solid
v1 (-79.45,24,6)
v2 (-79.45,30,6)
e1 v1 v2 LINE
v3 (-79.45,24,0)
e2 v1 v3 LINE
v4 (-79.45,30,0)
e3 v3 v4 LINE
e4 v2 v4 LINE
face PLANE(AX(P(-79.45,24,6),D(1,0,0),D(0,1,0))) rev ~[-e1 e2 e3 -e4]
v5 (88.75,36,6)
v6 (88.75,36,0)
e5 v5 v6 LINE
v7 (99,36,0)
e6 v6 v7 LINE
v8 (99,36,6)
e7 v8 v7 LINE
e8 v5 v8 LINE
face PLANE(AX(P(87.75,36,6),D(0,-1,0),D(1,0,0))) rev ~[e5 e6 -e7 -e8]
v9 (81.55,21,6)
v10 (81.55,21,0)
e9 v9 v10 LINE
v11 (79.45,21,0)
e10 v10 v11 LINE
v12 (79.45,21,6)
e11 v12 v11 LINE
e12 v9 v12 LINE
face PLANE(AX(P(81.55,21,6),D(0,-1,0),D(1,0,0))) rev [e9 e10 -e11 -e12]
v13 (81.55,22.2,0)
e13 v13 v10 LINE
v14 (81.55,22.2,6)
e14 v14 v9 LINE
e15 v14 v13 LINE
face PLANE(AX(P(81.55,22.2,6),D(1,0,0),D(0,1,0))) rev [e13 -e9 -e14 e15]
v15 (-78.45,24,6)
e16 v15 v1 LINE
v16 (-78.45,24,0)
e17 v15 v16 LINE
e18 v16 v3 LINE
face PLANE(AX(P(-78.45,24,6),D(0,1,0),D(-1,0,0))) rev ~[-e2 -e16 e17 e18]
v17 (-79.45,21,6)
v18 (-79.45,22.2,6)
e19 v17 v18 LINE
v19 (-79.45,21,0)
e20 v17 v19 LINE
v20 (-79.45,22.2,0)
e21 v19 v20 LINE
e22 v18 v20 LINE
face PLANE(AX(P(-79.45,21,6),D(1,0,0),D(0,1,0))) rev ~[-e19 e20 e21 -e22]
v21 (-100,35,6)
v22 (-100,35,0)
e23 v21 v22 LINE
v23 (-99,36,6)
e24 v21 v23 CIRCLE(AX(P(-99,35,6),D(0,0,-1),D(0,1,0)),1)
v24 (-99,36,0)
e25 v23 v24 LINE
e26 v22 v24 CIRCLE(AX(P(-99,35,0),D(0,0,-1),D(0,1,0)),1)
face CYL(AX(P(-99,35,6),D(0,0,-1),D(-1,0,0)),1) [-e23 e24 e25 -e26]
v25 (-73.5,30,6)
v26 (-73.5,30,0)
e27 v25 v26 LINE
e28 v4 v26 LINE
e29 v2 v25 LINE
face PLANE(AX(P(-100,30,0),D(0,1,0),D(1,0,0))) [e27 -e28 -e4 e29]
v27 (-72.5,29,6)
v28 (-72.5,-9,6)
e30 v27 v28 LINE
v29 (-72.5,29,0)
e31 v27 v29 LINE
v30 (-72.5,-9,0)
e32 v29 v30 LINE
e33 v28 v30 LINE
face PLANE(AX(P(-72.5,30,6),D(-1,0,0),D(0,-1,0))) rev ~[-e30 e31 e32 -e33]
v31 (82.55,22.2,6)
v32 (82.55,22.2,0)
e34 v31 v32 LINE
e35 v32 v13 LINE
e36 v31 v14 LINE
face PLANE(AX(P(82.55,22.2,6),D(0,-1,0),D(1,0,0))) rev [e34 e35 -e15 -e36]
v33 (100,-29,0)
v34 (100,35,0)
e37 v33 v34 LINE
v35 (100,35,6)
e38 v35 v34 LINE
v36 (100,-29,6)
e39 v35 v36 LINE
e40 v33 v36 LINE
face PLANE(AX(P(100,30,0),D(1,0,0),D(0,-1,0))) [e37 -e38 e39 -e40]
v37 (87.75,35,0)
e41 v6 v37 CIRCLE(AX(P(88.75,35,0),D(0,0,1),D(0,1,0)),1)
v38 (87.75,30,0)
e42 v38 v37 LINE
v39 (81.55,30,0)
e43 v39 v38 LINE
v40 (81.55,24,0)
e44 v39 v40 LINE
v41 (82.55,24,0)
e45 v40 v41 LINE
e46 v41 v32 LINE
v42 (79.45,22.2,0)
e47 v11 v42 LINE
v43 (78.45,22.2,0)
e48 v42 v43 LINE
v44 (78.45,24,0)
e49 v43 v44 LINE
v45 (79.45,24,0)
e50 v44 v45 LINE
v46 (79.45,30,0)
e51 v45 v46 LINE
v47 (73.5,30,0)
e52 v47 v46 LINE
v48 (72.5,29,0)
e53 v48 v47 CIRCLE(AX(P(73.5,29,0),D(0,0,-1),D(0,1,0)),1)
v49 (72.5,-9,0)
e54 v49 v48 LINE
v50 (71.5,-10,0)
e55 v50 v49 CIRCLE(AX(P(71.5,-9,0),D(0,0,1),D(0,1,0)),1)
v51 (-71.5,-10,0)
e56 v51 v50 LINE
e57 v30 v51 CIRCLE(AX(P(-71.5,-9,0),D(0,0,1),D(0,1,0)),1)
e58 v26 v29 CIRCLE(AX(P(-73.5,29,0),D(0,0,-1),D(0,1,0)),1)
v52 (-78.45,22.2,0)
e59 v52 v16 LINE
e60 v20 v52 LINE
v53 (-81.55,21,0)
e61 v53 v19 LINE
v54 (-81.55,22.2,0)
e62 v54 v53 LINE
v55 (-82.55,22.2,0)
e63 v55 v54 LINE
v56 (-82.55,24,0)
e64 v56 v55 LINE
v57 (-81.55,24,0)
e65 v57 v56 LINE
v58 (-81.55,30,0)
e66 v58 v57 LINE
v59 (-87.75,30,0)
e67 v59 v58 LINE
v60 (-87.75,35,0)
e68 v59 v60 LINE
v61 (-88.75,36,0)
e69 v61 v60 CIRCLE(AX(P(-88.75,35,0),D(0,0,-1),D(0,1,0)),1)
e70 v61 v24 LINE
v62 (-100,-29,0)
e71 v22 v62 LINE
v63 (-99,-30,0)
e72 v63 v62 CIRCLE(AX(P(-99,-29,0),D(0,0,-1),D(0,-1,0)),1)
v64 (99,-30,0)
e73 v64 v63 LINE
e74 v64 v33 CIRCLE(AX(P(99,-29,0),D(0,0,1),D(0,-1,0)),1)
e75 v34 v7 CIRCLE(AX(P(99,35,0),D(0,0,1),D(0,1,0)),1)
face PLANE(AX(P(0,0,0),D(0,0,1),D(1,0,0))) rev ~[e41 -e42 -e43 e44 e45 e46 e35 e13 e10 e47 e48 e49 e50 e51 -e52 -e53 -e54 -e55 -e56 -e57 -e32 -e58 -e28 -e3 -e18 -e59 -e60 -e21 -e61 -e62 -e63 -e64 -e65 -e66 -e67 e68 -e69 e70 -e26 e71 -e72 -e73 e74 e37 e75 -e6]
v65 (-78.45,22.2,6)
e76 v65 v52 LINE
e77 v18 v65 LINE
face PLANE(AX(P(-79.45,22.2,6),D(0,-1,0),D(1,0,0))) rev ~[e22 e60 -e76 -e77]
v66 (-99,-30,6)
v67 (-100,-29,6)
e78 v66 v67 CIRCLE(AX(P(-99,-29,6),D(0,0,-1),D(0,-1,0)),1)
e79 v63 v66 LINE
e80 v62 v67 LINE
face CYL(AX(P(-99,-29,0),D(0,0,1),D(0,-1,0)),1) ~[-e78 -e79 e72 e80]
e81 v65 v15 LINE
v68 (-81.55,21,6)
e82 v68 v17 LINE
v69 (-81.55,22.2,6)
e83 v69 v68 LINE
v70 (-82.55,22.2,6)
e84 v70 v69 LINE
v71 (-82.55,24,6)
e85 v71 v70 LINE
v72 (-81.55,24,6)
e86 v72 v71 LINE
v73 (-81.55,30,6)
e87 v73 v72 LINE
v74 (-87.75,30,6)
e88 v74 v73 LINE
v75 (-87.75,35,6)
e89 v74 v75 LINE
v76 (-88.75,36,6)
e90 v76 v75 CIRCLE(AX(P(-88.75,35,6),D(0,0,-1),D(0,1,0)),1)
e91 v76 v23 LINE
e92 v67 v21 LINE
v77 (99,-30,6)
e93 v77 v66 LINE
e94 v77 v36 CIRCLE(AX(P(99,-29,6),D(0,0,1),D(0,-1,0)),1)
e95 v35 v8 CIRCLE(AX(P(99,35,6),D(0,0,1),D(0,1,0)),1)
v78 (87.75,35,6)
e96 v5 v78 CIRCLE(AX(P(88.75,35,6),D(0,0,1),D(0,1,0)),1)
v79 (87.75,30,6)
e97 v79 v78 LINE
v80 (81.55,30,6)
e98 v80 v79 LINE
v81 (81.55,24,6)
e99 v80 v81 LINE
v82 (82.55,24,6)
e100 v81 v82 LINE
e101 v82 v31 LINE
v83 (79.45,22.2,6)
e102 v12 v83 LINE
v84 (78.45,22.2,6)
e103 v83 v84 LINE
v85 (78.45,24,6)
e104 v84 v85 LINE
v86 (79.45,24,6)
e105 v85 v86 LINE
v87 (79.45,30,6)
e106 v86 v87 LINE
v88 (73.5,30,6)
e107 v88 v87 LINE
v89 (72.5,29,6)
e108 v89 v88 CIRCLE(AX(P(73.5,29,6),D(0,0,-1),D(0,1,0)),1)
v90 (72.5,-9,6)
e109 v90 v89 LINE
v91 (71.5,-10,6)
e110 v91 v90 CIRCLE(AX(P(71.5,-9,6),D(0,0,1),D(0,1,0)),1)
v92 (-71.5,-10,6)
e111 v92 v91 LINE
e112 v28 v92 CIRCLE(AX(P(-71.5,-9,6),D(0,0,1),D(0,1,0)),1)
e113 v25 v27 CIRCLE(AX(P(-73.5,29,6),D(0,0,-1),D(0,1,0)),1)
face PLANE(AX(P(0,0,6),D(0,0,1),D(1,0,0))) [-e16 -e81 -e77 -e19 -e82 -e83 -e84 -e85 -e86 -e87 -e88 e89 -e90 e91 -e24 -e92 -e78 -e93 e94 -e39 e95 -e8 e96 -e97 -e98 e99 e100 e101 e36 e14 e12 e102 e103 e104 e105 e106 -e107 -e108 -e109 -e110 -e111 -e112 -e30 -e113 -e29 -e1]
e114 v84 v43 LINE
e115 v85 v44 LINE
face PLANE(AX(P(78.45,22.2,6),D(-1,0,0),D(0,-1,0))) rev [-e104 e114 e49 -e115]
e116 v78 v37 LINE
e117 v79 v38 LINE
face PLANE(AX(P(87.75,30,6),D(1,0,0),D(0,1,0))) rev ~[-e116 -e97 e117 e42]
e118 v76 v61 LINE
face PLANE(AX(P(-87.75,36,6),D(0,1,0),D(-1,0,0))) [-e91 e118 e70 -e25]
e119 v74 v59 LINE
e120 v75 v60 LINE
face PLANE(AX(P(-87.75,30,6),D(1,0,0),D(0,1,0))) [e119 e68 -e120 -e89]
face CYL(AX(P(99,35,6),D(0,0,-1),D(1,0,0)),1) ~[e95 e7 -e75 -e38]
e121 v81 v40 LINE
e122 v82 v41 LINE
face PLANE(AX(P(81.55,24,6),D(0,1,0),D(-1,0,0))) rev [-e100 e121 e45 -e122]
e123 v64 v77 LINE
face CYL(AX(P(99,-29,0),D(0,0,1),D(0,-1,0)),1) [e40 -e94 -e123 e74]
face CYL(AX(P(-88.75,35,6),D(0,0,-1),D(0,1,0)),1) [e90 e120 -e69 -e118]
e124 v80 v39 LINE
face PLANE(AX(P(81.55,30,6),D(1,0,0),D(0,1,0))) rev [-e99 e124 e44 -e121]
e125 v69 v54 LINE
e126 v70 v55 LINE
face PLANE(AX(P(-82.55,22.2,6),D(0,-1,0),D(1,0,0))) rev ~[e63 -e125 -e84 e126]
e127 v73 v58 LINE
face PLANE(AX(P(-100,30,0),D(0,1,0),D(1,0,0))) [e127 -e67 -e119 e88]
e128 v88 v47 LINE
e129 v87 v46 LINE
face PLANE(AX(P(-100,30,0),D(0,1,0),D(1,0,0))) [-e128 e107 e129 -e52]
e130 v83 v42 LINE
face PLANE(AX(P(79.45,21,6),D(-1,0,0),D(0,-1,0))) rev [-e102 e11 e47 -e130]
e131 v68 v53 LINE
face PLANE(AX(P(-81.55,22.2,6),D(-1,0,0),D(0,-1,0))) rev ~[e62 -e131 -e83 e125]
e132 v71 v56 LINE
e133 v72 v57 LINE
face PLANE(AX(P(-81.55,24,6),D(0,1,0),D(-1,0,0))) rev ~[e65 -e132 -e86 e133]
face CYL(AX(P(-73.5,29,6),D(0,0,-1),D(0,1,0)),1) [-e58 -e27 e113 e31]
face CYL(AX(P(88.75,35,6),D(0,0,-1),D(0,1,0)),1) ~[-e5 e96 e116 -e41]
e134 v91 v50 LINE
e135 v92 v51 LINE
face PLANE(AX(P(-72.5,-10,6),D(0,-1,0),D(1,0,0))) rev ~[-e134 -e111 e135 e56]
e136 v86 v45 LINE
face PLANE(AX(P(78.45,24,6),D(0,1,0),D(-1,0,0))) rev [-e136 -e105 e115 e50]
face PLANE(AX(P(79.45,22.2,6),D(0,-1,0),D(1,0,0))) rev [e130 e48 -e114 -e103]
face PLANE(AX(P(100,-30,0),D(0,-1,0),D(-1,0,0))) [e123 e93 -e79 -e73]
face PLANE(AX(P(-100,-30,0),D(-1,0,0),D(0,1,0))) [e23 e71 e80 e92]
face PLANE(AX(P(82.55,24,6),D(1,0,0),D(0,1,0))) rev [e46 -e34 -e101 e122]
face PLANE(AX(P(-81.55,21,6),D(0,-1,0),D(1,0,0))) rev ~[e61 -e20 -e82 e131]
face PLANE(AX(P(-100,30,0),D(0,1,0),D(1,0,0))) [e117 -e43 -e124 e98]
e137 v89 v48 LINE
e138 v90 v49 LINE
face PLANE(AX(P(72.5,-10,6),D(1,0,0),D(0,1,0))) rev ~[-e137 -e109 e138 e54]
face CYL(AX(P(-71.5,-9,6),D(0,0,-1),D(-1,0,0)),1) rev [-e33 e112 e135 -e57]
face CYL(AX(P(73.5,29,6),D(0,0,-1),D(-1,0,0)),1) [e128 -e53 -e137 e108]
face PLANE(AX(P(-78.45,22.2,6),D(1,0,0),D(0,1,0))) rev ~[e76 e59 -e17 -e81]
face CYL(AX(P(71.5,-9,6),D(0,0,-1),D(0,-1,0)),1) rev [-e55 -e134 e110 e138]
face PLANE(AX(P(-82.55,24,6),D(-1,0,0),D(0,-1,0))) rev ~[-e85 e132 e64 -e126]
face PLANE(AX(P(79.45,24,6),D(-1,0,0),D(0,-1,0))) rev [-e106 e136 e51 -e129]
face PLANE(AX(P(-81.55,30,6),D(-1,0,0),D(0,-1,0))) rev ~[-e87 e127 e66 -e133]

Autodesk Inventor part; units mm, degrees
ref_plane "YZ Plane" through (0, 0, 0) normal (1, 0, 0) x (0, 1, 0)
ref_plane "XZ Plane" through (0, 0, 0) normal (0, 1, 0) x (-1, 0, 0)
ref_plane "XY Plane" through (0, 0, 0) normal (0, 0, 1) x (1, 0, 0)
sketch "Sketch1" plane through (0, 0, 0) normal (0, 0, 1) x (1, 0, 0)
  line L0 (100, -30) -> (-100, -30)
  line L1 (-100, -30) -> (-100, 30)
  line L2 (-100, 30) -> (100, 30)
  line L3 (100, 30) -> (100, -30)
  line L4 (100, -30) -> (-100, 30) construction
  line L5 (-100, -30) -> (100, 30) construction
  point P0 (0, 0)
  dimension "d0" = 200
  dimension "d1" = 60
extrude "Extrusion1" add sketch "Sketch1" along normal blind 6
sketch "Sketch2" plane through (0, 0, 6) normal (0, 0, 1) x (1, 0, 0)
  line L0 (-100, -30) -> (100, -30) projected
  line L1 (100, 30) -> (-100, 30) projected
  line L2 (-72.5, -10) -> (72.5, -10)
  line L3 (72.5, -10) -> (72.5, 30)
  line L4 (72.5, 30) -> (-72.5, 30)
  line L5 (-72.5, 30) -> (-72.5, -10)
  line L6 (-72.5, -10) -> (72.5, 30) construction
  line L7 (72.5, -10) -> (-72.5, 30) construction
  point P0 (0, 0)
  point P1 (0, 10)
  dimension "d4" = 145
  dimension "d5" = 20
extrude "Extrusion2" cut sketch "Sketch2" against normal through all
sketch "Sketch3" plane through (0, 0, 6) normal (0, 0, 1) x (1, 0, 0)
  line L0 (100, 30) -> (72.5, 30) projected
  line L1 (-100, 30) -> (-87.75, 30)
  line L2 (-87.75, 30) -> (-87.75, 36)
  line L3 (-87.75, 36) -> (-100, 36)
  line L4 (-100, 36) -> (-100, 30)
  line L5 (100, 30) -> (87.75, 30)
  line L6 (87.75, 30) -> (87.75, 36)
  line L7 (87.75, 36) -> (100, 36)
  line L8 (100, 36) -> (100, 30)
  point P0 (0, 0)
  dimension "d9" = 6
  dimension "d20" = 12.25
extrude "Extrusion3" add sketch "Sketch3" against normal up to surface (6 mm away)
sketch "Sketch4" plane through (0, 0, 6) normal (0, 0, 1) x (1, 0, 0)
  line L0 (-72.5, 30) -> (-87.75, 30) projected
  line L1 (-81.55, 30) -> (-81.55, 24)
  line L2 (-81.55, 24) -> (-82.55, 24)
  line L3 (-82.55, 24) -> (-82.55, 22.2)
  line L4 (-82.55, 22.2) -> (-81.55, 22.2)
  line L5 (-81.55, 22.2) -> (-81.55, 21)
  line L6 (-81.55, 21) -> (-79.45, 21)
  line L7 (-79.45, 21) -> (-79.45, 22.2)
  line L8 (-79.45, 22.2) -> (-78.45, 22.2)
  line L9 (-78.45, 22.2) -> (-78.45, 24)
  line L10 (-78.45, 24) -> (-79.45, 24)
  line L11 (-79.45, 24) -> (-79.45, 30)
  line L12 (-72.5, -10) -> (-72.5, 30) projected
  line L13 (72.5, -10) -> (-72.5, -10) projected
  line L14 (-80.5, 21) -> (-80.5, 27.2544) construction
  line L15 (-79.45, 30) -> (-81.55, 30)
  point P0 (0, 0)
  point P1 (-80.125, 30)
  dimension "d12" = 2.1
  dimension "d13" = 4.1
  dimension "d15" = 6
  dimension "d16" = 1.8
  dimension "d21" = 8
  dimension "d22" = 9
extrude "Extrusion4" cut sketch "Sketch4" against normal blind 10
mirror "Mirror1" about plane through (0, 0, 0) normal (1, 0, 0) of "Extrusion4"
fillet "Fillet1" radius 1 10 edges at (-100, 36, 3) (-87.75, 36, 3) (-72.5, 30, 3) (72.5, 30, 3) (87.75, 36, 3) (100, 36, 3) (100, -30, 3) (72.5, -10, 3) (-72.5, -10, 3) (-100, -30, 3)
properties part number "InnerFront"
